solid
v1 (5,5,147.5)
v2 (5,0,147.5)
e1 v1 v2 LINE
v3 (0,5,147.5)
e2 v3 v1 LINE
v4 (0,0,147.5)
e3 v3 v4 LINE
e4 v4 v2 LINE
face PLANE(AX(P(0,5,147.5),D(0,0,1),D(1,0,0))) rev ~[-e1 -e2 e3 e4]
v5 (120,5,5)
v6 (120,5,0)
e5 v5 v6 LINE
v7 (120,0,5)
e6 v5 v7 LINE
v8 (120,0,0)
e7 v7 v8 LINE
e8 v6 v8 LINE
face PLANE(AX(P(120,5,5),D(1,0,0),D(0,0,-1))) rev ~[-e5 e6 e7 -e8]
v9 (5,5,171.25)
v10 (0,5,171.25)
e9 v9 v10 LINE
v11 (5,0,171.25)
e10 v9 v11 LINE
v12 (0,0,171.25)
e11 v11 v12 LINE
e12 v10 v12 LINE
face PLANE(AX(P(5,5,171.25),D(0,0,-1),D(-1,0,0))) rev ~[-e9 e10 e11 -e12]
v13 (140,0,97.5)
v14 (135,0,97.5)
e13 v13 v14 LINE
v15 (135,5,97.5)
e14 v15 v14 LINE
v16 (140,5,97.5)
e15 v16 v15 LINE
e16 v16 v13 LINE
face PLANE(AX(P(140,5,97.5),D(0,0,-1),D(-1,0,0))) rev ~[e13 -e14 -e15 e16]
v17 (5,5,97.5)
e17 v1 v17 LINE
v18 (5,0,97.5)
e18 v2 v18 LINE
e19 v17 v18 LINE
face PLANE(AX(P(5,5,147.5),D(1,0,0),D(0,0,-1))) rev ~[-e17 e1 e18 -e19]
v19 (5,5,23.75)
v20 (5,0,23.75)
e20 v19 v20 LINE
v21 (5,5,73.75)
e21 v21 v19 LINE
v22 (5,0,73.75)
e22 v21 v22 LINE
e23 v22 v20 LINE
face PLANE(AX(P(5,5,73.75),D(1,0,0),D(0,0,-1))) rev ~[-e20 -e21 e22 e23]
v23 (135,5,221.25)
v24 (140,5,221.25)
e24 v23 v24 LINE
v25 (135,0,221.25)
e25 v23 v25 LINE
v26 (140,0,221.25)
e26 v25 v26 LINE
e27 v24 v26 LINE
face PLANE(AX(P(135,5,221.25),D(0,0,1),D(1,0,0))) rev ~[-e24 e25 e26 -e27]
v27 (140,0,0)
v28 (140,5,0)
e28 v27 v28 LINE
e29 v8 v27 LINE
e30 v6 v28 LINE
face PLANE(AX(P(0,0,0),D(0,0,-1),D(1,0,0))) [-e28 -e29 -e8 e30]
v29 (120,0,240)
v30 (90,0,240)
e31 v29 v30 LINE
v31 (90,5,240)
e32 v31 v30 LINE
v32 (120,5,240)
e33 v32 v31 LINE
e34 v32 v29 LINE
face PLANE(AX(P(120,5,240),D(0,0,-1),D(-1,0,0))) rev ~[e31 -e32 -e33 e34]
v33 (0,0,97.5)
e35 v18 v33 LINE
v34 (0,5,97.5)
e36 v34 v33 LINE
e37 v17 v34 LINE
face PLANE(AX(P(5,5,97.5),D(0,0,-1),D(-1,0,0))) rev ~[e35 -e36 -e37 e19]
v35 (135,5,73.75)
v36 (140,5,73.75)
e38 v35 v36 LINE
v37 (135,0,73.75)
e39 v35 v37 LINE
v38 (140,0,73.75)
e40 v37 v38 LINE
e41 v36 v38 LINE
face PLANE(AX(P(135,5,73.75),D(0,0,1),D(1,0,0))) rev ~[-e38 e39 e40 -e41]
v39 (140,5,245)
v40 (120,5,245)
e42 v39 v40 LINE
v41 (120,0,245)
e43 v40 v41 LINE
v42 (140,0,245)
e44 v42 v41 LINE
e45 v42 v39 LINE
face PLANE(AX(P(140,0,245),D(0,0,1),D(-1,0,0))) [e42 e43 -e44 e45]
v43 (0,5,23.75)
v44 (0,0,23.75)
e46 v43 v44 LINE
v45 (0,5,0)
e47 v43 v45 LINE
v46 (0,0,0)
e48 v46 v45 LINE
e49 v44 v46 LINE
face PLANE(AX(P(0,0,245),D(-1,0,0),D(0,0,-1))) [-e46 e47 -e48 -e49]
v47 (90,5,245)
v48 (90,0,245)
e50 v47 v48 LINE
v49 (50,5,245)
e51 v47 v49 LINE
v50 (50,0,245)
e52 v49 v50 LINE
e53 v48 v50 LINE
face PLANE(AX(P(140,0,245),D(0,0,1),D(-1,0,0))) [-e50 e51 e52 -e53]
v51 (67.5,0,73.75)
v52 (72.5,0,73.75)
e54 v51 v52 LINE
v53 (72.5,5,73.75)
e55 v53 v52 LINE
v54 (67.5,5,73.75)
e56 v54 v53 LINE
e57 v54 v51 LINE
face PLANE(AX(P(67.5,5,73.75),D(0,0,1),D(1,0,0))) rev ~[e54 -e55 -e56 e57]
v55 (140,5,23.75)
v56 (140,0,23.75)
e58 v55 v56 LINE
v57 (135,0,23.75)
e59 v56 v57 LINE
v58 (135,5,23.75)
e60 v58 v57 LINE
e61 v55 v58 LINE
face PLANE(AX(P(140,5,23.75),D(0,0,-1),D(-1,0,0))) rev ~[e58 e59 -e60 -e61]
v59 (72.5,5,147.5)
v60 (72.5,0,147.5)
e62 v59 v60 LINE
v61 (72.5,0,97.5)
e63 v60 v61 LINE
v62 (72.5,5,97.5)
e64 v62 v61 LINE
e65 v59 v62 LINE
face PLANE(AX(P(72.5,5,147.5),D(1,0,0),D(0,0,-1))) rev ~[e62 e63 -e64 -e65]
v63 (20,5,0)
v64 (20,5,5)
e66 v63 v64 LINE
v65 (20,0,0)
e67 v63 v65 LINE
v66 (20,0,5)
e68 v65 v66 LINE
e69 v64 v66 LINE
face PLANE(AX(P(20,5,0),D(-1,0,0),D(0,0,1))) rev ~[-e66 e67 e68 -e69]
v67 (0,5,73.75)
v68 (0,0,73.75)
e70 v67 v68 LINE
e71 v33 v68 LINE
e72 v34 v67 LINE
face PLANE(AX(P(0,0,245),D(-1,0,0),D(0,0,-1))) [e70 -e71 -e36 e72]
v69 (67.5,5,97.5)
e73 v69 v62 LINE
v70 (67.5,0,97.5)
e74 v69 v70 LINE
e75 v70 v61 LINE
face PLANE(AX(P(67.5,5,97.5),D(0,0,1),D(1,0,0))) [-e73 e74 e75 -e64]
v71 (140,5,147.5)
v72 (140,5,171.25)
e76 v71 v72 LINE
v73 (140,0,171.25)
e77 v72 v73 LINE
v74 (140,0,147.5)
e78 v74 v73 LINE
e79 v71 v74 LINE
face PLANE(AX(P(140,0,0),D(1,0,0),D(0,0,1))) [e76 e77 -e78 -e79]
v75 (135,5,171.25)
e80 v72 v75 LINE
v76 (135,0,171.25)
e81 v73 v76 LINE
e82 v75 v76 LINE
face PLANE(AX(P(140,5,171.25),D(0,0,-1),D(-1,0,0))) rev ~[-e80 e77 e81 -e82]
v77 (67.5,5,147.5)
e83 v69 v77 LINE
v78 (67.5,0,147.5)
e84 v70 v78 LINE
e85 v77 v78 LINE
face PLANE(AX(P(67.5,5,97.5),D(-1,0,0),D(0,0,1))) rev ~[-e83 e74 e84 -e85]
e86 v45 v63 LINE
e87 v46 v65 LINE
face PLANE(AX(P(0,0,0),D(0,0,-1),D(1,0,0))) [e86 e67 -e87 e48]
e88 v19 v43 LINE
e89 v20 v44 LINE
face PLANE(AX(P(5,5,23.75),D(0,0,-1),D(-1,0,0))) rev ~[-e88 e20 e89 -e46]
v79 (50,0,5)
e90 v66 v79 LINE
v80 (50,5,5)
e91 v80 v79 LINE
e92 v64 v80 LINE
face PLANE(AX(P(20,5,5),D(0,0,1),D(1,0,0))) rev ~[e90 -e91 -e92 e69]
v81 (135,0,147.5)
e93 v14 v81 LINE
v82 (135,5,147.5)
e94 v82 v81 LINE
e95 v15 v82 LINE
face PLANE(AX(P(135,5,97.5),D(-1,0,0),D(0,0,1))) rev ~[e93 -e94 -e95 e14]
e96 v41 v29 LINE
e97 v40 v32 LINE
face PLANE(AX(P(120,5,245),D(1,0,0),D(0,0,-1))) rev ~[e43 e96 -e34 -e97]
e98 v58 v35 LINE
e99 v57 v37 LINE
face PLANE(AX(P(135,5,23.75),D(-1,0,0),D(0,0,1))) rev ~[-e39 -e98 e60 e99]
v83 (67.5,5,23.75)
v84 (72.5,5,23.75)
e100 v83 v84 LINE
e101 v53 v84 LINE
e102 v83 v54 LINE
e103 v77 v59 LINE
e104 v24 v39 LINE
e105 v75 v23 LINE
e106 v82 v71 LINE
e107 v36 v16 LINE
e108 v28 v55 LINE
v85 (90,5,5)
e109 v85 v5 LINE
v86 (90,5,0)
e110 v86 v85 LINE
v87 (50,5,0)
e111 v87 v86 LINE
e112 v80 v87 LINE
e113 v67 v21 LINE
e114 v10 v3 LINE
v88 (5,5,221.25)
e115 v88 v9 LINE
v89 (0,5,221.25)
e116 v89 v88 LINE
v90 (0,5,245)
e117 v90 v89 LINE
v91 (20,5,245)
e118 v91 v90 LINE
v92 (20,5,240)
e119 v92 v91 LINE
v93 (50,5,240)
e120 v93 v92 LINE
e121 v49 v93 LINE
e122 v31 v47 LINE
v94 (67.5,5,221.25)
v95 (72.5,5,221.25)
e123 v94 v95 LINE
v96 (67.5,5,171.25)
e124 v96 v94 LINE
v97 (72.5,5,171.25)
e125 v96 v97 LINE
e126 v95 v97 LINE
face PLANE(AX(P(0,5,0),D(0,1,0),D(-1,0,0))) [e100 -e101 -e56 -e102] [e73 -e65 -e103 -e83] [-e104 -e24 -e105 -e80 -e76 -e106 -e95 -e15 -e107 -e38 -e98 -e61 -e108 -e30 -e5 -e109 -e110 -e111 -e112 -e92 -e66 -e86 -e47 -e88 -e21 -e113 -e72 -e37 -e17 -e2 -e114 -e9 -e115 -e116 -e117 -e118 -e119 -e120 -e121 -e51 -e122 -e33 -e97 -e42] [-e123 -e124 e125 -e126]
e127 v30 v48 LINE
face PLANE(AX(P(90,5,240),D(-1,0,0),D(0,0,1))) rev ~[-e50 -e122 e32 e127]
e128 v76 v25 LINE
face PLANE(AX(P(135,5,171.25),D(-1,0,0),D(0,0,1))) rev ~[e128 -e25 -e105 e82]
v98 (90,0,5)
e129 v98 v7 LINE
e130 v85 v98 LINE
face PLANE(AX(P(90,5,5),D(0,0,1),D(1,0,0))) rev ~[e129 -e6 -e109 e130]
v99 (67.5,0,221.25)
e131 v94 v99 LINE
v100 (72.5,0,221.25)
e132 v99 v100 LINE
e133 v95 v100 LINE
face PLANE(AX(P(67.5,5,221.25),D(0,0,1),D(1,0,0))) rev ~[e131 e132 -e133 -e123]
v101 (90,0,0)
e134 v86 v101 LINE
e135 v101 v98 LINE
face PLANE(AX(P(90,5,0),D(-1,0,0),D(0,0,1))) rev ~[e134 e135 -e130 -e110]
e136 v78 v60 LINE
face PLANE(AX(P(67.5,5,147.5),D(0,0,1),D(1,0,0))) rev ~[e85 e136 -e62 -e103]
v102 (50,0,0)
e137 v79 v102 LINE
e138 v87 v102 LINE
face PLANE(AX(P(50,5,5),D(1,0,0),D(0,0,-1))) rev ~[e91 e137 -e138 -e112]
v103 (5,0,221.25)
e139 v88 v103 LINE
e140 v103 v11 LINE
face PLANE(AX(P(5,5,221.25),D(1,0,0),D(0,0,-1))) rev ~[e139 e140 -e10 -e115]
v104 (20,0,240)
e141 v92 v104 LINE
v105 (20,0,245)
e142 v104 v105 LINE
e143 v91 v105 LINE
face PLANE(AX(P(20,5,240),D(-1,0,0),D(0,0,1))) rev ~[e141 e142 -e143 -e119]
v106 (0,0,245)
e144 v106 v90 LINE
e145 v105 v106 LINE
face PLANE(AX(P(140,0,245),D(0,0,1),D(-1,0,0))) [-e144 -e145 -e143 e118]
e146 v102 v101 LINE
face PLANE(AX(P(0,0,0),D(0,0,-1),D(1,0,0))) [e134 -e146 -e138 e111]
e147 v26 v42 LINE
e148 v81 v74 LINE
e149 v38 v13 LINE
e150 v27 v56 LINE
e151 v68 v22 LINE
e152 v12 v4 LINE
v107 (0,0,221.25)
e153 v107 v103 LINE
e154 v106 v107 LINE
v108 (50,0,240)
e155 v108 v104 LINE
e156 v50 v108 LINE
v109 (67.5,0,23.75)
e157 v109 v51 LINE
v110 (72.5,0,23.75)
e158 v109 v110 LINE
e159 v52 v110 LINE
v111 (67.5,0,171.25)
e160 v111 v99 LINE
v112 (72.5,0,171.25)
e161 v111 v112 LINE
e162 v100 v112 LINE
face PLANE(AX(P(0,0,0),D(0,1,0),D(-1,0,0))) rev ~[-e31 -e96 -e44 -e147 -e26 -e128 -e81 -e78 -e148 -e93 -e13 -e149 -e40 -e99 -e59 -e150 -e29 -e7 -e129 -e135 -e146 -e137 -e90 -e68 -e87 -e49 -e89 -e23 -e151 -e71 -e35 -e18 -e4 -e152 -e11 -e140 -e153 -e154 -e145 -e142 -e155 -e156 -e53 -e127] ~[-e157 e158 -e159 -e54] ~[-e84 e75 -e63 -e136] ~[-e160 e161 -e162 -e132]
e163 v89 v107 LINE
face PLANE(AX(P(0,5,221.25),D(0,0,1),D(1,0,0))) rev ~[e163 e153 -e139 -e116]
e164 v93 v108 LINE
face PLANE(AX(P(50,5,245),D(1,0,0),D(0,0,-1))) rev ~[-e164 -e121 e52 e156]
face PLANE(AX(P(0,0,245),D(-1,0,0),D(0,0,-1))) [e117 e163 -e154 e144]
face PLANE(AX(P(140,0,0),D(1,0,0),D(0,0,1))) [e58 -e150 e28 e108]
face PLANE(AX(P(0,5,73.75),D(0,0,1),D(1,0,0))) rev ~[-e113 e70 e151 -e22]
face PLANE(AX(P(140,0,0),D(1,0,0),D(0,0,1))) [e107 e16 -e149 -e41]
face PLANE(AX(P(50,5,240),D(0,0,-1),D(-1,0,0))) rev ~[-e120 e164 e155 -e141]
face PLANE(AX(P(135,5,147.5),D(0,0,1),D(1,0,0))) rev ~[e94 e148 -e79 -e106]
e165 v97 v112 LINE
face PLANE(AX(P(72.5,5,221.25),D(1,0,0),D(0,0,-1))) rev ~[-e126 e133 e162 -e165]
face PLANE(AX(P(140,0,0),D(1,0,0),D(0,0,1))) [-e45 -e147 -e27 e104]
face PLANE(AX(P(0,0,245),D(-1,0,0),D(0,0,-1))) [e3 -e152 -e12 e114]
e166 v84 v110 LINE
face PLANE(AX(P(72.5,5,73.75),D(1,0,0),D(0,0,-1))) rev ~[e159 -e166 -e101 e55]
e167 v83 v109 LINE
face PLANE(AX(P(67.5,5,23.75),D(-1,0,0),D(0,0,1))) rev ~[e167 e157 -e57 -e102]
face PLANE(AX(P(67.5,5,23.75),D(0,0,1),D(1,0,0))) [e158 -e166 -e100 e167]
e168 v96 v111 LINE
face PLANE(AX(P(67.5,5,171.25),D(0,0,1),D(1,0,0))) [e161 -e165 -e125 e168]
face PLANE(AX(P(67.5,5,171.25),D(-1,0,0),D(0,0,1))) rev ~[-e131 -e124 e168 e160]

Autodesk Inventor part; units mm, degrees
ref_plane "YZ Plane" through (0, 0, 0) normal (1, 0, 0) x (0, 1, 0)
ref_plane "XZ Plane" through (0, 0, 0) normal (0, 1, 0) x (-1, 0, 0)
ref_plane "XY Plane" through (0, 0, 0) normal (0, 0, 1) x (1, 0, 0)
sketch "Sketch1" plane through (0, 0, 0) normal (0, 1, 0) x (-1, 0, 0)
  line L0 (0, 0) -> (-140, 0)
  line L1 (-140, 0) -> (-140, 245)
  line L2 (-140, 245) -> (0, 245)
  line L3 (0, 245) -> (0, 0)
  dimension "d0" = 140
  dimension "d1" = 245
extrude "Extrusion1" add sketch "Sketch1" along normal blind 5
sketch "Sketch2" plane through (0, 5, 0) normal (0, 1, 0) x (1, 0, 0)
  line L0 (0, -245) -> (140, -245) projected
  line L1 (140, -245) -> (140, 0) projected
  line L2 (140, 0) -> (0, 0) projected
  line L3 (0, 0) -> (0, -245) projected
  line L4 (135, -73.75) -> (140, -73.75)
  line L5 (140, -73.75) -> (140, -23.75)
  line L6 (140, -23.75) -> (135, -23.75)
  line L7 (135, -23.75) -> (135, -73.75)
  line L8 (135, -221.25) -> (140, -221.25)
  line L9 (140, -221.25) -> (140, -171.25)
  line L10 (140, -171.25) -> (135, -171.25)
  line L11 (135, -171.25) -> (135, -221.25)
  line L12 (135, -147.5) -> (140, -147.5)
  line L13 (140, -147.5) -> (140, -97.5)
  line L14 (140, -97.5) -> (135, -97.5)
  line L15 (135, -97.5) -> (135, -147.5)
  line L16 (0, -73.75) -> (5, -73.75)
  line L17 (5, -73.75) -> (5, -23.75)
  line L18 (5, -23.75) -> (0, -23.75)
  line L19 (0, -23.75) -> (0, -73.75)
  line L20 (0, -221.25) -> (5, -221.25)
  line L21 (5, -221.25) -> (5, -171.25)
  line L22 (5, -171.25) -> (0, -171.25)
  line L23 (0, -171.25) -> (0, -221.25)
  line L24 (0, -147.5) -> (5, -147.5)
  line L25 (5, -147.5) -> (5, -97.5)
  line L26 (5, -97.5) -> (0, -97.5)
  line L27 (0, -97.5) -> (0, -147.5)
  line L28 (20, -245) -> (50, -245)
  line L29 (50, -245) -> (50, -240)
  line L30 (50, -240) -> (20, -240)
  line L31 (20, -240) -> (20, -245)
  line L32 (90, -245) -> (120, -245)
  line L33 (120, -245) -> (120, -240)
  line L34 (120, -240) -> (90, -240)
  line L35 (90, -240) -> (90, -245)
  line L36 (20, -5) -> (50, -5)
  line L37 (50, -5) -> (50, 0)
  line L38 (50, 0) -> (20, 0)
  line L39 (20, 0) -> (20, -5)
  line L40 (120, 0) -> (90, 0)
  line L41 (90, 0) -> (90, -5)
  line L42 (90, -5) -> (120, -5)
  line L43 (120, -5) -> (120, 0)
  point P0 (140, -23.75)
  dimension "d4" = 50
  dimension "d5" = 5
  dimension "d6" = 50
  dimension "d7" = 5
  dimension "d8" = 50
  dimension "d9" = 5
  dimension "d10" = 23.75
  dimension "d11" = 23.75
  dimension "d12" = 23.75
  dimension "d13" = 50
  dimension "d14" = 5
  dimension "d15" = 50
  dimension "d16" = 5
  dimension "d17" = 50
  dimension "d18" = 5
  dimension "d19" = 23.75
  dimension "d20" = 23.75
  dimension "d21" = 23.75
  dimension "d22" = 20
  dimension "d23" = 5
  dimension "d25" = 30
  dimension "d26" = 5
  dimension "d27" = 30
  dimension "d28" = 5
  dimension "d29" = 30
  dimension "d30" = 5
  dimension "d31" = 30
  dimension "d32" = 20
  dimension "d33" = 20
  dimension "d34" = 20
extrude "Extrusion2" cut sketch "Sketch2" against normal blind 5 contours L31 L30 L29 L0 | L3 L22 L21 L20 | L35 L34 L33 L0 | L3 L26 L25 L24 | L3 L18 L17 L16 | L8 L11 L10 L1 | L12 L15 L14 L1 | L2 L37 L36 L39 | L4 L7 L6 L1 | L2 L43 L42 L41
sketch "Sketch3" plane through (0, 5, 0) normal (0, 1, 0) x (1, 0, 0)
  line L0 (0, -147.5) -> (5, -147.5) projected
  line L1 (5, -147.5) -> (5, -97.5) projected
  line L2 (5, -97.5) -> (0, -97.5) projected
  line L3 (0, -73.75) -> (0, -97.5) projected
  line L4 (0, -73.75) -> (5, -73.75) projected
  line L5 (5, -73.75) -> (5, -23.75) projected
  line L6 (5, -23.75) -> (0, -23.75) projected
  line L7 (0, 0) -> (0, -23.75) projected
  line L8 (20, 0) -> (0, 0) projected
  line L9 (20, 0) -> (20, -5) projected
  line L10 (20, -5) -> (50, -5) projected
  line L11 (50, -5) -> (50, 0) projected
  line L12 (90, 0) -> (50, 0) projected
  line L13 (90, 0) -> (90, -5) projected
  line L14 (90, -5) -> (120, -5) projected
  line L15 (120, -5) -> (120, 0) projected
  line L16 (140, 0) -> (120, 0) projected
  line L17 (140, -23.75) -> (140, 0) projected
  line L18 (140, -23.75) -> (135, -23.75) projected
  line L19 (135, -23.75) -> (135, -73.75) projected
  line L20 (135, -73.75) -> (140, -73.75) projected
  line L21 (140, -97.5) -> (140, -73.75) projected
  line L22 (140, -97.5) -> (135, -97.5) projected
  line L23 (135, -97.5) -> (135, -147.5) projected
  line L24 (135, -147.5) -> (140, -147.5) projected
  line L25 (140, -171.25) -> (140, -147.5) projected
  line L26 (140, -171.25) -> (135, -171.25) projected
  line L27 (135, -171.25) -> (135, -221.25) projected
  line L28 (135, -221.25) -> (140, -221.25) projected
  line L29 (140, -245) -> (140, -221.25) projected
  line L30 (120, -245) -> (140, -245) projected
  line L31 (120, -245) -> (120, -240) projected
  line L32 (120, -240) -> (90, -240) projected
  line L33 (90, -240) -> (90, -245) projected
  line L34 (50, -245) -> (90, -245) projected
  line L35 (50, -245) -> (50, -240) projected
  line L36 (50, -240) -> (20, -240) projected
  line L37 (20, -240) -> (20, -245) projected
  line L38 (0, -245) -> (20, -245) projected
  line L39 (0, -221.25) -> (0, -245) projected
  line L40 (0, -221.25) -> (5, -221.25) projected
  line L41 (5, -221.25) -> (5, -171.25) projected
  line L42 (5, -171.25) -> (0, -171.25) projected
  line L43 (0, -147.5) -> (0, -171.25) projected
  line L44 (135, -171.25) -> (135, -221.25) construction
  line L45 (135, -186.5648) -> (72.5, -186.5648) construction
  line L46 (67.5, -245) -> (72.5, -245)
  line L47 (72.5, 0) -> (67.5, 0)
  line L48 (67.5, -221.25) -> (72.5, -221.25)
  line L49 (67.5, -171.25) -> (72.5, -171.25)
  line L50 (67.5, -73.75) -> (72.5, -73.75)
  line L51 (67.5, -23.75) -> (72.5, -23.75)
  line L52 (67.5, -147.5) -> (72.5, -147.5)
  line L53 (67.5, -97.5) -> (72.5, -97.5)
  line L54 (67.5, -171.25) -> (67.5, -221.25)
  line L55 (72.5, -221.25) -> (72.5, -171.25)
  line L56 (72.5, -147.5) -> (72.5, -97.5)
  line L57 (72.5, -73.75) -> (72.5, -23.75)
  line L58 (67.5, -23.75) -> (67.5, -73.75)
  line L59 (67.5, -97.5) -> (67.5, -147.5)
  dimension "d37" = 62.5
  dimension "d39" = 23.75
  dimension "d40" = 50
  dimension "d41" = 23.75
  dimension "d42" = 50
  dimension "d43" = 50
  dimension "d44" = 23.75
  dimension "d45" = 5
extrude "Extrusion3" cut sketch "Sketch3" against normal blind 5 contours L54 L49 L55 L48 | L58 L51 L57 L50 | L59 L53 L56 L52
properties part number "Lateral 1"
